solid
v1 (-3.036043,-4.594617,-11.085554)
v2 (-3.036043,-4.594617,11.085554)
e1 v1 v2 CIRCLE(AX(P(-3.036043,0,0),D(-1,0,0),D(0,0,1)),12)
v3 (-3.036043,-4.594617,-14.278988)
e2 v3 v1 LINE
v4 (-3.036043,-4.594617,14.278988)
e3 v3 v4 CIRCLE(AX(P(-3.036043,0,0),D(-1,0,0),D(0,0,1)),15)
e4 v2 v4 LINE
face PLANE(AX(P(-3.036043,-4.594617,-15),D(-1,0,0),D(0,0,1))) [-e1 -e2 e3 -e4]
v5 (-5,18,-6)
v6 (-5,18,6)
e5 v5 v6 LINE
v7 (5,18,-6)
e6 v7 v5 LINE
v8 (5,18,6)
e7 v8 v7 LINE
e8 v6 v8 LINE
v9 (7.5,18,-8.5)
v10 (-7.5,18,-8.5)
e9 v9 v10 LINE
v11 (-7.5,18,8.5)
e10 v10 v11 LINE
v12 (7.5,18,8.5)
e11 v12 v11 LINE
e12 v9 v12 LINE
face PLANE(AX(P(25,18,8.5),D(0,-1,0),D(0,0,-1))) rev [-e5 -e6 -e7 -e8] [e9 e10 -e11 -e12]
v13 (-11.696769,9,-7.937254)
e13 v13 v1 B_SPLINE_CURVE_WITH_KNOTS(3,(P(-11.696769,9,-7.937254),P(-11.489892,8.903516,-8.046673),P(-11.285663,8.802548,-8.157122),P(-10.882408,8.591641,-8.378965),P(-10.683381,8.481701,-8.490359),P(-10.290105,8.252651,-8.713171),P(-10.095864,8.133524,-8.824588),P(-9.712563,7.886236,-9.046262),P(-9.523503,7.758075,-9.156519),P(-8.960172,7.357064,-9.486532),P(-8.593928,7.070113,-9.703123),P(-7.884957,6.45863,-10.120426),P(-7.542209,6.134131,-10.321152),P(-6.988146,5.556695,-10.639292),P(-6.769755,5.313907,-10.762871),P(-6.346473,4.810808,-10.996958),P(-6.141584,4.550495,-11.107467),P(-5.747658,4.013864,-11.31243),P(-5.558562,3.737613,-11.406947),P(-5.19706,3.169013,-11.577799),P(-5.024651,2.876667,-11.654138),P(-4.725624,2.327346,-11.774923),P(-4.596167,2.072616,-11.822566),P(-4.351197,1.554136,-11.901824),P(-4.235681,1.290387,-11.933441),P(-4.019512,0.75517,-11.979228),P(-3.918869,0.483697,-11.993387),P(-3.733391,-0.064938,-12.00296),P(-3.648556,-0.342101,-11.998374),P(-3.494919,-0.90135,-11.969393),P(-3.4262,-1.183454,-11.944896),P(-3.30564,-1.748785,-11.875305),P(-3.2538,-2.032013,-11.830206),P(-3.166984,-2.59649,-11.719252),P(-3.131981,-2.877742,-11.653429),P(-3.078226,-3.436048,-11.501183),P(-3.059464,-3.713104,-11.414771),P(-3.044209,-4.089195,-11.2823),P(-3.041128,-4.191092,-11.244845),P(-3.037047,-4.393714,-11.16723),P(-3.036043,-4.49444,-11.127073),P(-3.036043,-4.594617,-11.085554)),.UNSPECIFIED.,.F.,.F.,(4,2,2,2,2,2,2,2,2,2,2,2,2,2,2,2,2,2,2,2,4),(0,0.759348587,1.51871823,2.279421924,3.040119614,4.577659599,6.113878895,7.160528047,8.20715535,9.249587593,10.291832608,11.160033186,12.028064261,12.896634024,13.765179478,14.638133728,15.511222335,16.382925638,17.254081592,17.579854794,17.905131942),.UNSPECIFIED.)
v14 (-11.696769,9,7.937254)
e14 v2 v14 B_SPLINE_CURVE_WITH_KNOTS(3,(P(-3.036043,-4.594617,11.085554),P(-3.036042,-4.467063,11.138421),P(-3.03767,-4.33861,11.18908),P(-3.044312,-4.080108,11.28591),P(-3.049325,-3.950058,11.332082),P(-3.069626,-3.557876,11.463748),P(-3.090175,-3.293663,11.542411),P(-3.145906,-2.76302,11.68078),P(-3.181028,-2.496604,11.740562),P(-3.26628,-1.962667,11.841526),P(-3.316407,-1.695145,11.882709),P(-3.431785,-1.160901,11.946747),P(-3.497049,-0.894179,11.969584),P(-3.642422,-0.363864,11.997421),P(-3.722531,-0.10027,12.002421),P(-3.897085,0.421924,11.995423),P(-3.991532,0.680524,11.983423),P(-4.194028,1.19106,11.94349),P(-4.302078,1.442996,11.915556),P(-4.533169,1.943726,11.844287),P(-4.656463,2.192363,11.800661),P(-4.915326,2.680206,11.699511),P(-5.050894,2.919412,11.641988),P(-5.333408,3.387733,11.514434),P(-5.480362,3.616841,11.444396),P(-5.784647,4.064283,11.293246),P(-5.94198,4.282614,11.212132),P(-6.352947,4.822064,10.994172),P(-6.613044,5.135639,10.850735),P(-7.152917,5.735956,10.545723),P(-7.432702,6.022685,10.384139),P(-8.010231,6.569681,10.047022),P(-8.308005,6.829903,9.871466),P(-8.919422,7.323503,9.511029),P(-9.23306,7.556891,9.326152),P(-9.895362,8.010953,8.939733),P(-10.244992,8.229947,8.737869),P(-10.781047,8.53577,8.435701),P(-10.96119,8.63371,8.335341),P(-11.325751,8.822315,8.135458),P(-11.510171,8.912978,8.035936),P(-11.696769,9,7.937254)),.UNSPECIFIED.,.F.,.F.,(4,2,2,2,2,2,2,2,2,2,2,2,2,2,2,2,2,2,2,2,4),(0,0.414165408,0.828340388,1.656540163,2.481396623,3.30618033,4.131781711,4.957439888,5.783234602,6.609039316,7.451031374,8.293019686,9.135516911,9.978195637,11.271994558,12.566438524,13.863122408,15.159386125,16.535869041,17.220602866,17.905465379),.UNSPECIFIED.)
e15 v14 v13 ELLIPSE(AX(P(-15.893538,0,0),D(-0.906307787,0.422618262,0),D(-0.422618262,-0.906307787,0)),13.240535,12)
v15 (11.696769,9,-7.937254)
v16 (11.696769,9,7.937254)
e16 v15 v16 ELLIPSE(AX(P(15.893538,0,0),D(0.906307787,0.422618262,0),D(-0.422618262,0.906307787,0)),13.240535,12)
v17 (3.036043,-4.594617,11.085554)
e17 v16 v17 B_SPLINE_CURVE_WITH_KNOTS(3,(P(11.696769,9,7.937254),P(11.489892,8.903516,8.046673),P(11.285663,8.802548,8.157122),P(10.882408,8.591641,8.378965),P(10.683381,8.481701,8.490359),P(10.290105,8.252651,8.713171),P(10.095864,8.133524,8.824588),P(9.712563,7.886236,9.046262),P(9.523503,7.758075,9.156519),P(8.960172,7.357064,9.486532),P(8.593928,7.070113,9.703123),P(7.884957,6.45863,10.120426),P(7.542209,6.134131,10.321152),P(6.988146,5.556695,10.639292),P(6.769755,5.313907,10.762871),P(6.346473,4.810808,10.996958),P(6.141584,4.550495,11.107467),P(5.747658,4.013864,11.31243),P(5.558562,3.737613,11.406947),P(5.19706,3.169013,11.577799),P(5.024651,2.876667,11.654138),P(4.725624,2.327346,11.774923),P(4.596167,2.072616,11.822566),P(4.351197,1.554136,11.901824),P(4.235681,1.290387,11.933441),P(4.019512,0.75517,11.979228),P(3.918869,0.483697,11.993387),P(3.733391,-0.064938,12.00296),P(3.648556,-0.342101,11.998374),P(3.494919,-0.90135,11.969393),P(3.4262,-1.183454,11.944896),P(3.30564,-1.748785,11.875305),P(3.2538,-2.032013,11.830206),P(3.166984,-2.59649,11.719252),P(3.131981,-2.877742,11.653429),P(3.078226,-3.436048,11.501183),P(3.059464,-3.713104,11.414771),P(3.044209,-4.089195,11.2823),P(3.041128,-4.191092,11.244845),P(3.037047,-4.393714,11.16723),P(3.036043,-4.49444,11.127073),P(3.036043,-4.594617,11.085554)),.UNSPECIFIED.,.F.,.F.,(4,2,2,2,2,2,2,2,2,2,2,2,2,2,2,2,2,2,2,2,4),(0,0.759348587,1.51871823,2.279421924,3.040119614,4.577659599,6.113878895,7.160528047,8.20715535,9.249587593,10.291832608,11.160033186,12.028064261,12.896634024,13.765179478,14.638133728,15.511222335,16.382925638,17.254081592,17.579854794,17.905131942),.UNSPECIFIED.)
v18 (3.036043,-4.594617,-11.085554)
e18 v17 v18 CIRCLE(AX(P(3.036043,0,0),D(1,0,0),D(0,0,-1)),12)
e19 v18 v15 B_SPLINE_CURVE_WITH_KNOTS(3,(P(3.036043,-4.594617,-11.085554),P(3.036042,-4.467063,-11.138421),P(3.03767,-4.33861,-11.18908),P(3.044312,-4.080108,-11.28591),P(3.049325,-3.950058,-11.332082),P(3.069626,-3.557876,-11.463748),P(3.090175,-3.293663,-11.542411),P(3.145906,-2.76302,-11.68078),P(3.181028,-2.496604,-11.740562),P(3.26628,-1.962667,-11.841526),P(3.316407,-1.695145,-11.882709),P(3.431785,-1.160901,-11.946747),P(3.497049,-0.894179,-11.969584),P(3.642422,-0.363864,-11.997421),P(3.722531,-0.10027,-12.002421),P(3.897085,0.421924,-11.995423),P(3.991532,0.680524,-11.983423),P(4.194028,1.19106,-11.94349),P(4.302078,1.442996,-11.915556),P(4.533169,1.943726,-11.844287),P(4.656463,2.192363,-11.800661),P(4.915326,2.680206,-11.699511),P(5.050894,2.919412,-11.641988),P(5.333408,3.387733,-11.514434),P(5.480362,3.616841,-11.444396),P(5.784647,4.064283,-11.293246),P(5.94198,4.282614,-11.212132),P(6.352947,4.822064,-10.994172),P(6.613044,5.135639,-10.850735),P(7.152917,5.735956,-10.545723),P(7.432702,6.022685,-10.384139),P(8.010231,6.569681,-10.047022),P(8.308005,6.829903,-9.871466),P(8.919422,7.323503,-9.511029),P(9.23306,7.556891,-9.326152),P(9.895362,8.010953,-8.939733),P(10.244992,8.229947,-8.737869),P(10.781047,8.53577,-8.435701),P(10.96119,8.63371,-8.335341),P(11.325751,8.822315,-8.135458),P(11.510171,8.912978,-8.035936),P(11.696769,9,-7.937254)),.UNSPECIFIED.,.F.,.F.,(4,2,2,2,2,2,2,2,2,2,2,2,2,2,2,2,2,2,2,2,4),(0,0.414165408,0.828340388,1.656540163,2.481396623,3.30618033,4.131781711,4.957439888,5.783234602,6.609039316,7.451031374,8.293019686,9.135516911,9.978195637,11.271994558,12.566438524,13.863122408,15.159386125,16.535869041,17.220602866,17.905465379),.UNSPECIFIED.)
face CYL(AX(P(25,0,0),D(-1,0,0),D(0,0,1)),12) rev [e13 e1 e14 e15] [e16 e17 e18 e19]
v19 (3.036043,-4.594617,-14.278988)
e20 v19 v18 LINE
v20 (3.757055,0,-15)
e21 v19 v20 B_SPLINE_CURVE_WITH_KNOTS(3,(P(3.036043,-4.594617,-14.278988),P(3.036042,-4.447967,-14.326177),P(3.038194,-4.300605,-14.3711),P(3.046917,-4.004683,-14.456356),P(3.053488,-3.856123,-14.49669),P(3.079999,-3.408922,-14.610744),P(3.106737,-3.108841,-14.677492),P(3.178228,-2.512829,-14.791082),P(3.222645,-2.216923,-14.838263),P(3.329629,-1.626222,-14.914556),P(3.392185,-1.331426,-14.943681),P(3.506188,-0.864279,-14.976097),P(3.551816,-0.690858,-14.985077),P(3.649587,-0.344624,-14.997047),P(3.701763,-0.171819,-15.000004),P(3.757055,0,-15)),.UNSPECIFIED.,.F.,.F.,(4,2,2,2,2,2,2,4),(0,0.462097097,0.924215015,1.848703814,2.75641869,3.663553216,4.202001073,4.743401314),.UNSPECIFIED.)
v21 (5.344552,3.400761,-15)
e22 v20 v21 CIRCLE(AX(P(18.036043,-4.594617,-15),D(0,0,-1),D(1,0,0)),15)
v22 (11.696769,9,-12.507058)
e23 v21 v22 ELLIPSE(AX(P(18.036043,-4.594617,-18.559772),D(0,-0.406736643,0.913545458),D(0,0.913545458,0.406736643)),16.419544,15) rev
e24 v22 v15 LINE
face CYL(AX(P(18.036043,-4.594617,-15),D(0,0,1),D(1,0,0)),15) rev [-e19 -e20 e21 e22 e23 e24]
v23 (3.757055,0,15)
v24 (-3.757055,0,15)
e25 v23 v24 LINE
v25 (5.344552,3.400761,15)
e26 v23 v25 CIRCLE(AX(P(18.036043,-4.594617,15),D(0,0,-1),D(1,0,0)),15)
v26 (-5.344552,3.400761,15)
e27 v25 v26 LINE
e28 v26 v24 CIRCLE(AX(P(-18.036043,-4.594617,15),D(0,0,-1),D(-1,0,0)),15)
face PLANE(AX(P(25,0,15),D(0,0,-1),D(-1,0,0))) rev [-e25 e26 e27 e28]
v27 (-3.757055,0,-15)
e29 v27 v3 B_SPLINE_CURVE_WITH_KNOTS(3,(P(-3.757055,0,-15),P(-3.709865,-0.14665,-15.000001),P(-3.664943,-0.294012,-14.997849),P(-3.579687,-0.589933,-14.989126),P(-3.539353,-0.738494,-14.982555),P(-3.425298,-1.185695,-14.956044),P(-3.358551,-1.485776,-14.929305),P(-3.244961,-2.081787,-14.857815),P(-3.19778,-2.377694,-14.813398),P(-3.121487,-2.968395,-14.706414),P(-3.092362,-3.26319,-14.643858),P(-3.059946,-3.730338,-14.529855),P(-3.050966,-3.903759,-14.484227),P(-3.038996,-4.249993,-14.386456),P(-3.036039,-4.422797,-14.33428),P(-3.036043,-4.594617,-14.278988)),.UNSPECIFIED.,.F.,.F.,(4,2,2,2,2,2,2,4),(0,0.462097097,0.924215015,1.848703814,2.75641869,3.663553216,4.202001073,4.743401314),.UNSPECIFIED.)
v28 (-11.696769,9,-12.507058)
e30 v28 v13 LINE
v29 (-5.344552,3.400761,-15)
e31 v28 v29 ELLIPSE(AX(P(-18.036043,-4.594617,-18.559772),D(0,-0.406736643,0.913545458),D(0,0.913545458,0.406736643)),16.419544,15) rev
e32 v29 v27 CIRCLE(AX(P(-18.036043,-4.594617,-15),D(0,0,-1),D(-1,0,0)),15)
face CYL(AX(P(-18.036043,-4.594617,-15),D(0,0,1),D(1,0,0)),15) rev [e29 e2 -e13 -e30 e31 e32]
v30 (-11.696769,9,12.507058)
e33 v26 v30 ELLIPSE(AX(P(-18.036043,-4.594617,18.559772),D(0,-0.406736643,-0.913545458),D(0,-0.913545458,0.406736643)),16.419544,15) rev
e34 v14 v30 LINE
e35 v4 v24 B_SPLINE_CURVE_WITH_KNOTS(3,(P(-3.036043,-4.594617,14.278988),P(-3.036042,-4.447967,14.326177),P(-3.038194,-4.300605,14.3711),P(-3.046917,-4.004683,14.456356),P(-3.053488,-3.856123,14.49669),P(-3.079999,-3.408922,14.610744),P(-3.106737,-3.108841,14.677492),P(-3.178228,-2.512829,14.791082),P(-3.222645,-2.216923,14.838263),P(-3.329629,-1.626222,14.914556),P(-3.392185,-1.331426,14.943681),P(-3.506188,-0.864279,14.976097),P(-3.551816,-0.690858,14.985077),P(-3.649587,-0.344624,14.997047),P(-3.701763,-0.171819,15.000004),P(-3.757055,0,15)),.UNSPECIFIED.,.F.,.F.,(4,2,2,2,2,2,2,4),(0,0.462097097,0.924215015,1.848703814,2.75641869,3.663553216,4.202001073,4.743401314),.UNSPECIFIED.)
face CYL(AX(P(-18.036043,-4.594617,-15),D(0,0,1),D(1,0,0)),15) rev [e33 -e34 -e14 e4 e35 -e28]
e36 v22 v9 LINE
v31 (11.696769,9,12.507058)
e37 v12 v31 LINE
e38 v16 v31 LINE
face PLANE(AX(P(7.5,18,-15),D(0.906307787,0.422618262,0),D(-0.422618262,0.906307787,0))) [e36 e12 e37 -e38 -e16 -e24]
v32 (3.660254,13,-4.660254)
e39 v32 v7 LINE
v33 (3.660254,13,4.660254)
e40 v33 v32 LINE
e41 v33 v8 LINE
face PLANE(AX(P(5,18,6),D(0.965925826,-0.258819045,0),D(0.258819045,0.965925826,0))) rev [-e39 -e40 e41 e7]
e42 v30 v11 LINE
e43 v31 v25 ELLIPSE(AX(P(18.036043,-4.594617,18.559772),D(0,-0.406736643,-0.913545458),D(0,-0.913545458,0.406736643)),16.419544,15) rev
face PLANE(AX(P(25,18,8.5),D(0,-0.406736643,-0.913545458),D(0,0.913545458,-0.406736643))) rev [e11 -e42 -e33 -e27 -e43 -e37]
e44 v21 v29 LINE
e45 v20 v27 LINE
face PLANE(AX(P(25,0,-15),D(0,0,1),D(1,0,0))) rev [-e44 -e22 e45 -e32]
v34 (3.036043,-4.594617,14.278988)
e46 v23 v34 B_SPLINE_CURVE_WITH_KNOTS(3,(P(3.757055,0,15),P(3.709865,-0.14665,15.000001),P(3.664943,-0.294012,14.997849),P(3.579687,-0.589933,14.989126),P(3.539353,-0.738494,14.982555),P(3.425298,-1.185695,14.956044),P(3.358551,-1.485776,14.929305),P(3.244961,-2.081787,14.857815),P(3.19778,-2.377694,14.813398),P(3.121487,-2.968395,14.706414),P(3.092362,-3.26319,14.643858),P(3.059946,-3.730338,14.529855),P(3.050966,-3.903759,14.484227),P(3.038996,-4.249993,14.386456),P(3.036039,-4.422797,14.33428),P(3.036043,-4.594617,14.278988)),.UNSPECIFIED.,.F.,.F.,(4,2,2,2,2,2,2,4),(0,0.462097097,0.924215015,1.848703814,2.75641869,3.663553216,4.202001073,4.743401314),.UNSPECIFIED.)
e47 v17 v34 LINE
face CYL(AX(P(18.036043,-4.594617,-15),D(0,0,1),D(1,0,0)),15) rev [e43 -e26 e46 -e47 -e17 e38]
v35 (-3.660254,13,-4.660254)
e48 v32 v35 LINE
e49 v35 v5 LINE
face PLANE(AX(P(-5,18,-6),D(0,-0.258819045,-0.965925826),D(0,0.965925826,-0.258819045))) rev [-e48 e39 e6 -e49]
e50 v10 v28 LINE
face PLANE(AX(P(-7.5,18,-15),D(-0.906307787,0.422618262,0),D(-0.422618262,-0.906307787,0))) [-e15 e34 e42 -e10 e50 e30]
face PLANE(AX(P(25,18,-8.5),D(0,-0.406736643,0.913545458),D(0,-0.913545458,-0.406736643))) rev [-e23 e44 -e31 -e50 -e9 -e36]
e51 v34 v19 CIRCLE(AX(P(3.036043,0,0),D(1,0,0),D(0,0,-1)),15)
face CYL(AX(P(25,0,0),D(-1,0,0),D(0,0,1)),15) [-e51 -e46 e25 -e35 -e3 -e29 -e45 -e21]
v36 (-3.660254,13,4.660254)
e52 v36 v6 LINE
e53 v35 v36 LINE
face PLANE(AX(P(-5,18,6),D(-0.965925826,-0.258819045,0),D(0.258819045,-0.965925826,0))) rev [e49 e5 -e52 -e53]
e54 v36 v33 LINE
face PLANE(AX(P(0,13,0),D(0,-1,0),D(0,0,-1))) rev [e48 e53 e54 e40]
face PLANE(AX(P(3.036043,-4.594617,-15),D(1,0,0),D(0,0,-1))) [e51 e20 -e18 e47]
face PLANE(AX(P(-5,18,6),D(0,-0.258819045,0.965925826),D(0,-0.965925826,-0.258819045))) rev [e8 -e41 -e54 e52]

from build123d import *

# Parameters (mm, degrees)
SKETCH_1_R                    = 12
EXTRUDE_1_DEPTH               = 25
CUT_EXTRUDE_1_DEPTH           = 35.263683398
CUT_EXTRUDE_1_DEPTH_BACK      = 35.263683398
SKETCH_2_OUTSIDE_W            = 65.4
SKETCH_2_OUTSIDE_H            = 48.4
SKETCH_3_W                    = 10
SKETCH_3_H                    = 12
CUT_EXTRUDE_2_DEPTH           = 5
CUT_EXTRUDE_2_TAPER           = 15
CUT_EXTRUDE_2_OTHER_WAY_DEPTH = 39.089557823


with BuildPart() as part:
    # 草图1 → 凸台-拉伸1 (new, symmetric)
    with BuildSketch(Plane(origin=(0, 0, 0), x_dir=(0, 0, -1), z_dir=(1, 0, 0))):
        with BuildLine():
            Line((-8.5, 18), (8.5, 18))
            Line((8.5, 18), (15, 3.40076097))
            Line((15, 3.40076097), (15, 0))
            ThreePointArc((15, 0), (0, -15), (-15, 0))
            Line((-15, 0), (-15, 3.40076097))
            Line((-15, 3.40076097), (-8.5, 18))
        make_face()
        Circle(SKETCH_1_R, mode=Mode.SUBTRACT)
    extrude(amount=EXTRUDE_1_DEPTH, both=True)

    # 草图2 outside → 切除-拉伸1 (cut, two sides: drawn at the far end of the back side and taken through both)
    with BuildSketch(Plane.XY.offset(-CUT_EXTRUDE_1_DEPTH_BACK)):
        with Locations((0, 1.5)):
            Rectangle(SKETCH_2_OUTSIDE_W, SKETCH_2_OUTSIDE_H)
        with BuildLine():
            Line((-7.5, 18), (7.5, 18))
            Line((7.5, 18), (11.696768923, 9))
            ThreePointArc((11.696768923, 9), (5.385171162, 3.46487732), (3.03604285, -4.594616806))
            Line((3.03604285, -4.594616806), (3.03604285, -15))
            Line((3.03604285, -15), (-3.03604285, -15))
            Line((-3.03604285, -15), (-3.03604285, -4.594616806))
            ThreePointArc((-3.03604285, -4.594616806), (-5.385171162, 3.46487732), (-11.696768923, 9))
            Line((-11.696768923, 9), (-7.5, 18))
        make_face(mode=Mode.SUBTRACT)
    extrude(amount=CUT_EXTRUDE_1_DEPTH + CUT_EXTRUDE_1_DEPTH_BACK, mode=Mode.SUBTRACT)

    # 草图3 → 切除-拉伸2 (cut)
    with BuildSketch(Plane(origin=(0, 18, 0), x_dir=(1, 0, 0), z_dir=(0, 1, 0))):
        Rectangle(SKETCH_3_W, SKETCH_3_H)
    extrude(amount=-CUT_EXTRUDE_2_DEPTH, taper=CUT_EXTRUDE_2_TAPER, mode=Mode.SUBTRACT)

    # 草图3 → 切除-拉伸2 other way (cut)
    with BuildSketch(Plane(origin=(0, 18, 0), x_dir=(1, 0, 0), z_dir=(0, 1, 0))):
        Rectangle(SKETCH_3_W, SKETCH_3_H)
    extrude(amount=CUT_EXTRUDE_2_OTHER_WAY_DEPTH, mode=Mode.SUBTRACT)


solid = part.part
